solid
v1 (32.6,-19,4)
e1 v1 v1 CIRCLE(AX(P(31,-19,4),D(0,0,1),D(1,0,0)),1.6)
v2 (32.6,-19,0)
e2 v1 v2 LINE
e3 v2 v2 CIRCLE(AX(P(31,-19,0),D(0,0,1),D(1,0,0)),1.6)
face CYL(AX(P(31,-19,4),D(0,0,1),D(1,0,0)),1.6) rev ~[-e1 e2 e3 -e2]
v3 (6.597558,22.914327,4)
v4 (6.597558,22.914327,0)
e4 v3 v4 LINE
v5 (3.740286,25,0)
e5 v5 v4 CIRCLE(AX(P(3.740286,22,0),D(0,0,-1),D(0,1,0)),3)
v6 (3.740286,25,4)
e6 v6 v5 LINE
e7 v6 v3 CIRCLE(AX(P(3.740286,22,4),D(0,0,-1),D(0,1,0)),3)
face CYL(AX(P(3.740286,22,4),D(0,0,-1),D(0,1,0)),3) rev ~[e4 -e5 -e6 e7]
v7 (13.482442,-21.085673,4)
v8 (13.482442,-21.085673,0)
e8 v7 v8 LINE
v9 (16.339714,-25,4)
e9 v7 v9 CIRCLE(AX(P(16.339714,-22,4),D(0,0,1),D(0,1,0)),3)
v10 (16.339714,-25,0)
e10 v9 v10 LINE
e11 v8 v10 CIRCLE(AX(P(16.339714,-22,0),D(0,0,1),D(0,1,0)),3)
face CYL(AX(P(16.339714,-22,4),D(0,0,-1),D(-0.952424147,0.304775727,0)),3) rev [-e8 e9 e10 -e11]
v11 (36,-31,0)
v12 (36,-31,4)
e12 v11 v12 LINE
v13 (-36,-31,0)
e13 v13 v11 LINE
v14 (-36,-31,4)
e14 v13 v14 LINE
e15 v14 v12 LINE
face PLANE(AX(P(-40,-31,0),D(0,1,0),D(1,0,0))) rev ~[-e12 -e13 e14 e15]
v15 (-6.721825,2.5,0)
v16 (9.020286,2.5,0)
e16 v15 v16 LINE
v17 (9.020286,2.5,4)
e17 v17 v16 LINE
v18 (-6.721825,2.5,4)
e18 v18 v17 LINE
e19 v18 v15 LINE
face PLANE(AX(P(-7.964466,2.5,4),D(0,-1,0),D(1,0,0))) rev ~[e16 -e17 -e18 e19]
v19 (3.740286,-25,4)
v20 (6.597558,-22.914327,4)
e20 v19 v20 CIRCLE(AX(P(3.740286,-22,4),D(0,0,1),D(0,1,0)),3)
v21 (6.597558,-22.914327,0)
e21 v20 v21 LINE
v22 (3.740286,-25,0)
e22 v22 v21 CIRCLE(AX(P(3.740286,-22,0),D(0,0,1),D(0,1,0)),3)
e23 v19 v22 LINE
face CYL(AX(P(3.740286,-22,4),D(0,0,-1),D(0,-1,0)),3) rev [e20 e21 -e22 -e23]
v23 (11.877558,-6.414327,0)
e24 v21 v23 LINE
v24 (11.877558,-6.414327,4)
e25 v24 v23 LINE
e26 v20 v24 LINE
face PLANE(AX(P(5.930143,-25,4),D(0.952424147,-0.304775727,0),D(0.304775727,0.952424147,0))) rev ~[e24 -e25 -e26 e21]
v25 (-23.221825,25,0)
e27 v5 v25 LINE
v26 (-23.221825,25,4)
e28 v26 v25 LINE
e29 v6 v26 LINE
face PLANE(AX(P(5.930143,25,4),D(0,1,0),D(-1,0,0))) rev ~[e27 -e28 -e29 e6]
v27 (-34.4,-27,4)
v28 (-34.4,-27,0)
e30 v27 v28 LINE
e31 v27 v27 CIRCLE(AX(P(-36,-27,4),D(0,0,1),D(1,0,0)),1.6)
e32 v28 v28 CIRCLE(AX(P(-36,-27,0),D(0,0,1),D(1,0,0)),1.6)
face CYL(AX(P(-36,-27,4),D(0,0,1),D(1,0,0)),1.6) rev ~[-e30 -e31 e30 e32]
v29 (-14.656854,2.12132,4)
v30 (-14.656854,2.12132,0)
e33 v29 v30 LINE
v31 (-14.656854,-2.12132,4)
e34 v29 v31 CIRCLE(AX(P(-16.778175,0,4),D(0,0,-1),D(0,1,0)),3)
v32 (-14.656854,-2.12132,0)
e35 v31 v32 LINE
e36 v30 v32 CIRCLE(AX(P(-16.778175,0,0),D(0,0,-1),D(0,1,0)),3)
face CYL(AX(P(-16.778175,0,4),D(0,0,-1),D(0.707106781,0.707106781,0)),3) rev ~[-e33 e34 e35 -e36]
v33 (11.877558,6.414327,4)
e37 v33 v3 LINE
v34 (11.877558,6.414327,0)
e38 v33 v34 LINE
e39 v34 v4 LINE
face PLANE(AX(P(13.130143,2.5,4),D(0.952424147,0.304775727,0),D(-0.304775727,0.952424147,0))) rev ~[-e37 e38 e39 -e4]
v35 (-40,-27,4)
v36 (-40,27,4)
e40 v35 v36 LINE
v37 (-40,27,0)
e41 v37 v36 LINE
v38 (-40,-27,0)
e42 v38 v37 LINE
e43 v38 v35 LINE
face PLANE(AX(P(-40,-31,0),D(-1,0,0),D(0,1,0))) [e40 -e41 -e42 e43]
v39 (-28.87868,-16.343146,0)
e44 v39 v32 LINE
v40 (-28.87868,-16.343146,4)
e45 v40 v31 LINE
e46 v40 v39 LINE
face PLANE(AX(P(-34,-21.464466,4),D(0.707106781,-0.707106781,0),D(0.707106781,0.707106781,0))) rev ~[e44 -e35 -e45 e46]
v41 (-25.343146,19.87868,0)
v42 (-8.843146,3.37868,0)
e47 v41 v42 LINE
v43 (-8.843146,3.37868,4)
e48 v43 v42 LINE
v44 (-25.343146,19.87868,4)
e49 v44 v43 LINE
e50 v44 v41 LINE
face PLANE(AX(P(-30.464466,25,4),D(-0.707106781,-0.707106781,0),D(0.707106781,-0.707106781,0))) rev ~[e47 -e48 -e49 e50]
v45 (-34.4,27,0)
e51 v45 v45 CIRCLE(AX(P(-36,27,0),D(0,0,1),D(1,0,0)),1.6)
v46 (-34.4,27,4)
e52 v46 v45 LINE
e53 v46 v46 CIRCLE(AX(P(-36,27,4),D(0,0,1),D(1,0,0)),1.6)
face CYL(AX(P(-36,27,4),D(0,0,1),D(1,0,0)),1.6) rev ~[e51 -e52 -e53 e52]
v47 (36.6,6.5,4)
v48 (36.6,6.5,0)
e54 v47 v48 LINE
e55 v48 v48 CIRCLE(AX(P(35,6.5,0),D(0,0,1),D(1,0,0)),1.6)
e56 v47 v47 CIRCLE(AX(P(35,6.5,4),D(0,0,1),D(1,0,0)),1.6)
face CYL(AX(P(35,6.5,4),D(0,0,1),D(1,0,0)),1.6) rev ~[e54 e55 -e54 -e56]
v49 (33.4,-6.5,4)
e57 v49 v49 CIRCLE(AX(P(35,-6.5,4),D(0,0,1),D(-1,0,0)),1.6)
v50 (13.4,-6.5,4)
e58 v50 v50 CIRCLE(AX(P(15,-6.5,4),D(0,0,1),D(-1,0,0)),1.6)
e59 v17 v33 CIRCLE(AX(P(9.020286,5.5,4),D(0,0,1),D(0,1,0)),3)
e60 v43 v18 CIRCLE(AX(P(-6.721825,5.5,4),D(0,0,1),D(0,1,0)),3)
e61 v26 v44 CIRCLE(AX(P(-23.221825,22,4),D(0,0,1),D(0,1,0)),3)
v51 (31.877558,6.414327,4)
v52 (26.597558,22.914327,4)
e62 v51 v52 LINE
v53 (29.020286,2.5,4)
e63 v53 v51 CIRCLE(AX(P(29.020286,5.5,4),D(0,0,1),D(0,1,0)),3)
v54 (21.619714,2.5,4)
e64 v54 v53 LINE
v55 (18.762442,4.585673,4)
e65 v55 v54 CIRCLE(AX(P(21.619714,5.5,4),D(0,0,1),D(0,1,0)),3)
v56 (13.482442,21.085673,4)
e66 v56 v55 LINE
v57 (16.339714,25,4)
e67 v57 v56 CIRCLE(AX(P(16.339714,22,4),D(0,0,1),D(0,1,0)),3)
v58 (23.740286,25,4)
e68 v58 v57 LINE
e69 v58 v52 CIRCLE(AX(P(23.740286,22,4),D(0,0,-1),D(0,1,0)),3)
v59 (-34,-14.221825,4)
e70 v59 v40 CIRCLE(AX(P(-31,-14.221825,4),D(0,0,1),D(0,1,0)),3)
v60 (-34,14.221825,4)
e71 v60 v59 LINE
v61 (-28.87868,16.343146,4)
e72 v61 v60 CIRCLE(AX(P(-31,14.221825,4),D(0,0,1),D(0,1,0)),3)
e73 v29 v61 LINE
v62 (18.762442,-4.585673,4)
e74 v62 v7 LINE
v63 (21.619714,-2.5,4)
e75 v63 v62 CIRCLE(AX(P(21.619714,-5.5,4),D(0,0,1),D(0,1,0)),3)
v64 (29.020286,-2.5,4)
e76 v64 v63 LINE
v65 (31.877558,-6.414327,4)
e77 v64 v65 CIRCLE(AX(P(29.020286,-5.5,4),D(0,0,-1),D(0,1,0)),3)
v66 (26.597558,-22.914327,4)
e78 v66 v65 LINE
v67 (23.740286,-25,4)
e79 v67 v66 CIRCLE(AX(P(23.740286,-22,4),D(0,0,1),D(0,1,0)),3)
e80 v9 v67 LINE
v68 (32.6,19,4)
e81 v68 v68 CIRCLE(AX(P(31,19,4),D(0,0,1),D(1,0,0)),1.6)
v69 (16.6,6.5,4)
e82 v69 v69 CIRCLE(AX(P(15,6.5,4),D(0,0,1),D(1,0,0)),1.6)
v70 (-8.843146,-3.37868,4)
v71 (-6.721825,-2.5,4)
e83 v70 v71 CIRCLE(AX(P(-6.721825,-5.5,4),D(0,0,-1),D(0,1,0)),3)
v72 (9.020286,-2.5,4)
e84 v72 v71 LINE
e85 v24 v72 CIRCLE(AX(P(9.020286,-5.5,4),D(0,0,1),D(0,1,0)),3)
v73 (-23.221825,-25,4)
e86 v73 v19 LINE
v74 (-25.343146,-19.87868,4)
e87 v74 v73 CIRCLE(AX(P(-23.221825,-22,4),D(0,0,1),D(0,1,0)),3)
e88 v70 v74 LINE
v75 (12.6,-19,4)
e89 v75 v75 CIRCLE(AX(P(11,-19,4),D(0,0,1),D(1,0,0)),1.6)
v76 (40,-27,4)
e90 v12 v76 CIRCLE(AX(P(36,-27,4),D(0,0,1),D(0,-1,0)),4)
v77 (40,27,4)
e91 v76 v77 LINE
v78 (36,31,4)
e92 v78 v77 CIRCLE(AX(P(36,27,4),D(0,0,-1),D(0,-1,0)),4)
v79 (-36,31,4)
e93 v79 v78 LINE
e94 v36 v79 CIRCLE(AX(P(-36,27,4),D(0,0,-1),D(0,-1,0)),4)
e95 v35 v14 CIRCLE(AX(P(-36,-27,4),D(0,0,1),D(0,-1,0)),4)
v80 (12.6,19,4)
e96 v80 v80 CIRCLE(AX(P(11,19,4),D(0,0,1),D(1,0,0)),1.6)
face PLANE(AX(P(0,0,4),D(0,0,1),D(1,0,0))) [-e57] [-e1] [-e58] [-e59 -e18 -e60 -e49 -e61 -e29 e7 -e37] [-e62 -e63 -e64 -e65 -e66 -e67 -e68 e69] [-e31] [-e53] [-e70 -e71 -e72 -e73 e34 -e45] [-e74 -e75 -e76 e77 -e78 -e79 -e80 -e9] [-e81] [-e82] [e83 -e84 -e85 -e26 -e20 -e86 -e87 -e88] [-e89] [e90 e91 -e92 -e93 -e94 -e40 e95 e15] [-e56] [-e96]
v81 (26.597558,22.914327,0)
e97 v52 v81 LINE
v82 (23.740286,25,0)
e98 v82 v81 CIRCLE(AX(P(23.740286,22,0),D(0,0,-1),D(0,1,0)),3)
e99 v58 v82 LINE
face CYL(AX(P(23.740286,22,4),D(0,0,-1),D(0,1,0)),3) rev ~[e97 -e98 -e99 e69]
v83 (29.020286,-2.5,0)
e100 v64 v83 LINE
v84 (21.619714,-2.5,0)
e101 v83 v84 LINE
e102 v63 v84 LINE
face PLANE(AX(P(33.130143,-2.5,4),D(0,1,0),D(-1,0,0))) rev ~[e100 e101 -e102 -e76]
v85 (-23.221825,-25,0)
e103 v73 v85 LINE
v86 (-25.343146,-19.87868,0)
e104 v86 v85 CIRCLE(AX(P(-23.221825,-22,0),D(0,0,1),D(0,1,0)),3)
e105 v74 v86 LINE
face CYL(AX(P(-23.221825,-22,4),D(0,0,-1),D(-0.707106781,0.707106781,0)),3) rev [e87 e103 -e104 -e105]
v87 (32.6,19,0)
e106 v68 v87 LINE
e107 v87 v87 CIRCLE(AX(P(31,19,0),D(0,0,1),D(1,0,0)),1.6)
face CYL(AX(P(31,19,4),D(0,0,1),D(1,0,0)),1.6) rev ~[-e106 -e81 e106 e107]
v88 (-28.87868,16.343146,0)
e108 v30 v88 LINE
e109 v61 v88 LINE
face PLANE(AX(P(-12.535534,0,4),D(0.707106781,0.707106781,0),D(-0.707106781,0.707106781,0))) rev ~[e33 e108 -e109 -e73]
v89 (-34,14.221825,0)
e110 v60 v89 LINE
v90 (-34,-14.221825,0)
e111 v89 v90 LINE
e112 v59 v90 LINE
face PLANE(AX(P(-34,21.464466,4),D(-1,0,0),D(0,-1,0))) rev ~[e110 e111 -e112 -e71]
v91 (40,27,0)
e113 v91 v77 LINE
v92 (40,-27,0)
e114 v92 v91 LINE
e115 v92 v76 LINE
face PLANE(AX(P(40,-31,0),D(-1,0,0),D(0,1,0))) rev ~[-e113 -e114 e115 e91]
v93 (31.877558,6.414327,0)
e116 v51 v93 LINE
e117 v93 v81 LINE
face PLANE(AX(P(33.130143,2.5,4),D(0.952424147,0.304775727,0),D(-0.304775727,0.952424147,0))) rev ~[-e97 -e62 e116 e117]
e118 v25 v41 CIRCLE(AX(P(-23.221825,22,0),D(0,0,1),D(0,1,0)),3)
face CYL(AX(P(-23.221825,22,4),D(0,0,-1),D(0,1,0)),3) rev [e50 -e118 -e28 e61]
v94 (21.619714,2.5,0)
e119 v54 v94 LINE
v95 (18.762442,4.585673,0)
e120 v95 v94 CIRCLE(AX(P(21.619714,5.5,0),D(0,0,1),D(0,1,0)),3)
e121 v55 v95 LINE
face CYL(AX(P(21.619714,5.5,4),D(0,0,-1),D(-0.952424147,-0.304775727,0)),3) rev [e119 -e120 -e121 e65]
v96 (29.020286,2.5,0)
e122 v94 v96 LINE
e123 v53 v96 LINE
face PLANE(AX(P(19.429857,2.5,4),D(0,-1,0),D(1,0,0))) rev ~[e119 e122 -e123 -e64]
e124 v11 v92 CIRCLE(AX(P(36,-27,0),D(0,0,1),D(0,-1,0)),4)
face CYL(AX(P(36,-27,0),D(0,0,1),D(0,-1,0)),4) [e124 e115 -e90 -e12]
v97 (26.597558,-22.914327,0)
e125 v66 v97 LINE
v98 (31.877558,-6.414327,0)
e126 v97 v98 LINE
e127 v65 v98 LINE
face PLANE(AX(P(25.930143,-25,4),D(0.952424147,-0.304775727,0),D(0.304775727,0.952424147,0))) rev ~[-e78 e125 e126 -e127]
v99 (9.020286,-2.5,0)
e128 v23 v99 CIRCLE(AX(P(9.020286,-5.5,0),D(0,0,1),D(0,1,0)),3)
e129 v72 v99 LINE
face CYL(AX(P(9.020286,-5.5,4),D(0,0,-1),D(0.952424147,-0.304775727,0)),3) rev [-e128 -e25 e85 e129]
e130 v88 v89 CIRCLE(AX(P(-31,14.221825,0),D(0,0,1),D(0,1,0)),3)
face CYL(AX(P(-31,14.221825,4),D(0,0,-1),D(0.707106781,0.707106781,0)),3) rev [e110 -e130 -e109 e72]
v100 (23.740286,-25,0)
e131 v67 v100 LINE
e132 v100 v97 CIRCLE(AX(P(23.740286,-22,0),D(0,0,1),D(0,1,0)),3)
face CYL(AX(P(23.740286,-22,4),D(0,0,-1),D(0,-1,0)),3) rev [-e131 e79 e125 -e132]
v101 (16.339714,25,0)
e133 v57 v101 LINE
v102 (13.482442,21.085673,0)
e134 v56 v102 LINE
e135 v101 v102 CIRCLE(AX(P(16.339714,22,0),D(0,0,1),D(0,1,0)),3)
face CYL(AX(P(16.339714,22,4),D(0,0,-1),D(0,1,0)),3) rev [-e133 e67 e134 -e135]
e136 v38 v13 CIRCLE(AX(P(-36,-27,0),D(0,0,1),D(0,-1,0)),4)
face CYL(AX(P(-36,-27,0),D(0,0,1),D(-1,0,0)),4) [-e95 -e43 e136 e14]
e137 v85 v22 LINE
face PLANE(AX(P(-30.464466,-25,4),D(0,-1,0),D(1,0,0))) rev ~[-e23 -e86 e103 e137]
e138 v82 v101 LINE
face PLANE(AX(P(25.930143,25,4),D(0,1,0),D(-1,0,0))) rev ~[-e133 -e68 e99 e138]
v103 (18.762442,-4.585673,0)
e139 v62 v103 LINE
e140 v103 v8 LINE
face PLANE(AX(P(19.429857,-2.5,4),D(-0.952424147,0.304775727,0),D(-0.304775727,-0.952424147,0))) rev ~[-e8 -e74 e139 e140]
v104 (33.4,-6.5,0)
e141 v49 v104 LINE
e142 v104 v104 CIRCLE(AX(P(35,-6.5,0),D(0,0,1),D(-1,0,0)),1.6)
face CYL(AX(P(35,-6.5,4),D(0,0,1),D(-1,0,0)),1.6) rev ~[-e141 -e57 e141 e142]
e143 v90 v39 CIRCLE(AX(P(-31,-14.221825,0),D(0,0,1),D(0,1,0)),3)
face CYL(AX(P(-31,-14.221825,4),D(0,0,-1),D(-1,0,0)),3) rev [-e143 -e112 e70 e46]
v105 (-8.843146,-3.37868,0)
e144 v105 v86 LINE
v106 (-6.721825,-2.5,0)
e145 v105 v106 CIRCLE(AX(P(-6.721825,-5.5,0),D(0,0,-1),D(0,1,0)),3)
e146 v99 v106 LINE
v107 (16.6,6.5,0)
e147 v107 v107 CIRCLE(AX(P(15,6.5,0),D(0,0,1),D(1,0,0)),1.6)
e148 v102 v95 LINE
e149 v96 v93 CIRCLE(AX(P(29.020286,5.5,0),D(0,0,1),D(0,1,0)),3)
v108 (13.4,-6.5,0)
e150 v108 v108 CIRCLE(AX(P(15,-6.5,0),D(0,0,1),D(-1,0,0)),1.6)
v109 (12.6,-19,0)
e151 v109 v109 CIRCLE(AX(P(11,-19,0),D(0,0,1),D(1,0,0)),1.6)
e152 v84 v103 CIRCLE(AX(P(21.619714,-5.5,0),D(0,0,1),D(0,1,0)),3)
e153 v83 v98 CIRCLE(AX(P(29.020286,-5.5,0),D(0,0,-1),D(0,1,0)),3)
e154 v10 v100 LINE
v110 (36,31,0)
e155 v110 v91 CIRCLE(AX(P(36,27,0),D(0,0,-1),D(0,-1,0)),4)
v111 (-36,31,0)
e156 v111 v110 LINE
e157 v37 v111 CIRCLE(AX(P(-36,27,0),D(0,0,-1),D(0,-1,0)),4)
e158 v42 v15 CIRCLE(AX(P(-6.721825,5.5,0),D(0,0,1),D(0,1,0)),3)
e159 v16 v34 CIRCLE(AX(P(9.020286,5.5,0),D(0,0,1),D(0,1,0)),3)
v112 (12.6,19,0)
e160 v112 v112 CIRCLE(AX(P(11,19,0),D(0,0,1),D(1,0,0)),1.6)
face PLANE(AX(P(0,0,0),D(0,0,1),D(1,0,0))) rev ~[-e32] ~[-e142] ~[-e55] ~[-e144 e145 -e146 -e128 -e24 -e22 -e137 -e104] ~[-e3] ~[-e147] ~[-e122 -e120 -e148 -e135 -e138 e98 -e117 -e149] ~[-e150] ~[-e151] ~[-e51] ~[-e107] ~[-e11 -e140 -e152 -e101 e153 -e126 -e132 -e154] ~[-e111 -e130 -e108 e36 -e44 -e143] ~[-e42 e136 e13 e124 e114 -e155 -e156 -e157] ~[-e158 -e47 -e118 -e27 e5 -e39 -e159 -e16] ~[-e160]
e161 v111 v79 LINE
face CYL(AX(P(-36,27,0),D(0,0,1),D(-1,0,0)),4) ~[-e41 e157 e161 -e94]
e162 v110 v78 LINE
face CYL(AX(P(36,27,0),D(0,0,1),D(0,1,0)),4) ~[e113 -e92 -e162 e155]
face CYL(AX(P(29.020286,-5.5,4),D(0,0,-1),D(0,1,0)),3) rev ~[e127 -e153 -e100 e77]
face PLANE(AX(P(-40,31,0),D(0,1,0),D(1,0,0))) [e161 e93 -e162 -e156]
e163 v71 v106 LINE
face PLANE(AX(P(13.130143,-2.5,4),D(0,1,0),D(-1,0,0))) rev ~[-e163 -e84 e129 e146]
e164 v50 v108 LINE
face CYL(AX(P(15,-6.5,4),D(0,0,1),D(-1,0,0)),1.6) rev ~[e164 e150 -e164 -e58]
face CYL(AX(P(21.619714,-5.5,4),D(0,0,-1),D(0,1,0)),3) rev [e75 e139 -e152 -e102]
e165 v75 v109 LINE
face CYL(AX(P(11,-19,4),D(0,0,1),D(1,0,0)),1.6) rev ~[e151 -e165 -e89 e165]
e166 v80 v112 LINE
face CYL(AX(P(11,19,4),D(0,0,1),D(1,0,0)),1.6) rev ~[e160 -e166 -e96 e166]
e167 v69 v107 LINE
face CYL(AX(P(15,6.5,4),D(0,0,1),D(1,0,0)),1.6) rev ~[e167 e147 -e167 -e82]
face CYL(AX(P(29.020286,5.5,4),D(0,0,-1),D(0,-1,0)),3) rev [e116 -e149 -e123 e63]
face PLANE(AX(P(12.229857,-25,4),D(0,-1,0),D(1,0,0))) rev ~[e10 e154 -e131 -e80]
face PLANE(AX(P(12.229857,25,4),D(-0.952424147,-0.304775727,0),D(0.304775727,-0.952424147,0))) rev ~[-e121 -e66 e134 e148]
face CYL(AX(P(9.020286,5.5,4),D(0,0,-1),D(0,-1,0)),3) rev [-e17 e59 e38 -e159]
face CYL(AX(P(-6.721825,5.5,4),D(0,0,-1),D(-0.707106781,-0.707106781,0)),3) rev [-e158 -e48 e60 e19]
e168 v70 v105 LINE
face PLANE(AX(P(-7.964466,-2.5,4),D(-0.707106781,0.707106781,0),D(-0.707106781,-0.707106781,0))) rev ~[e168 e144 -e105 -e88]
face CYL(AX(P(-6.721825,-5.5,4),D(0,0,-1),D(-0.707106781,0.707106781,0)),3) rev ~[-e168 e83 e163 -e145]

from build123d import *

# Parameters (mm, degrees)
SKETCH_1_W          = 80
SKETCH_1_H          = 62
EXTRUDE_1_DEPTH     = 4
FILLET_1_R          = 4
FILLET_2_R          = 4
SKETCH_2_R          = 1.6
CUT_EXTRUDE_1_DEPTH = 10
SKETCH_3_R          = 1.6
CUT_EXTRUDE_2_DEPTH = 10
CUT_EXTRUDE_3_DEPTH = 10
FILLET_3_R          = 3
CUT_EXTRUDE_4_DEPTH = 10
FILLET_4_R          = 3


with BuildPart() as part:
    # 草图1 → 凸台-拉伸1 (new body)
    with BuildSketch(Plane.XY):
        Rectangle(SKETCH_1_W, SKETCH_1_H)
    extrude(amount=EXTRUDE_1_DEPTH)

    # 圆角1
    fillet_1_edges = [part.edges().sort_by_distance(p)[0] for p in [
        (-40, -31, 2),
        (-40, 31, 2),
    ]]
    fillet(fillet_1_edges, radius=FILLET_1_R)

    # 圆角2
    fillet_2_edges = [part.edges().sort_by_distance(p)[0] for p in [
        (40, -31, 2),
        (40, 31, 2),
    ]]
    fillet(fillet_2_edges, radius=FILLET_2_R)

    # 草图2 → 切除-拉伸1 (cut)
    with BuildSketch(Plane.XY.offset(4)):
        with Locations((11, -19)):
            Circle(SKETCH_2_R)
        with Locations((31, -19)):
            Circle(SKETCH_2_R)
        with Locations((35, 6.5)):
            Circle(SKETCH_2_R)
        with Locations((15, 6.5)):
            Circle(SKETCH_2_R)
        with Locations((11, 19)):
            Circle(SKETCH_2_R)
        with Locations((31, 19)):
            Circle(SKETCH_2_R)
        with Locations(Location((15, -6.5, 0), (0, 0, 180))):
            Circle(SKETCH_2_R)
        with Locations(Location((35, -6.5, 0), (0, 0, 180))):
            Circle(SKETCH_2_R)
    extrude(amount=-CUT_EXTRUDE_1_DEPTH, mode=Mode.SUBTRACT)

    # 草图3 → 切除-拉伸2 (cut)
    with BuildSketch(Plane.XY.offset(4)):
        with Locations((-36, -27)):
            Circle(SKETCH_3_R)
        with Locations((-36, 27)):
            Circle(SKETCH_3_R)
    extrude(amount=-CUT_EXTRUDE_2_DEPTH, mode=Mode.SUBTRACT)

    # 草图4 → 切除-拉伸3 (cut)
    with BuildSketch(Plane.XY.offset(4)):
        Polygon((-12.535533906, 0), (-34, 21.464466094), (-34, -21.464466094), align=None)
        Polygon((5.93014286, 25), (-30.464466094, 25), (-7.964466094, 2.5), (13.13014286, 2.5), align=None)
        Polygon((-7.964466094, -2.5), (-30.464466094, -25), (5.93014286, -25), (13.13014286, -2.5), align=None)
    extrude(amount=-CUT_EXTRUDE_3_DEPTH, mode=Mode.SUBTRACT)

    # 圆角3
    fillet_3_edges = [part.edges().sort_by_distance(p)[0] for p in [
        (-7.964466094, -2.5, 2),
        (13.13014286, -2.5, 2),
        (5.93014286, -25, 2),
        (-30.464466094, -25, 2),
        (-30.464466094, 25, 2),
        (5.93014286, 25, 2),
        (13.13014286, 2.5, 2),
        (-7.964466094, 2.5, 2),
        (-12.535533906, 0, 2),
        (-34, -21.464466094, 2),
        (-34, 21.464466094, 2),
    ]]
    fillet(fillet_3_edges, radius=FILLET_3_R)

    # 草图5 → 切除-拉伸4 (cut)
    with BuildSketch(Plane.XY.offset(4)):
        Polygon((33.13014286, -2.5), (19.42985714, -2.5), (12.22985714, -25), (25.93014286, -25), align=None)
        Polygon((25.93014286, 25), (12.22985714, 25), (19.42985714, 2.5), (33.13014286, 2.5), align=None)
    extrude(amount=-CUT_EXTRUDE_4_DEPTH, mode=Mode.SUBTRACT)

    # 圆角4
    fillet_4_edges = [part.edges().sort_by_distance(p)[0] for p in [
        (19.42985714, -2.5, 2),
        (33.13014286, -2.5, 2),
        (25.93014286, -25, 2),
        (12.22985714, -25, 2),
        (19.42985714, 2.5, 2),
        (12.22985714, 25, 2),
        (25.93014286, 25, 2),
        (33.13014286, 2.5, 2),
    ]]
    fillet(fillet_4_edges, radius=FILLET_4_R)


solid = part.part
